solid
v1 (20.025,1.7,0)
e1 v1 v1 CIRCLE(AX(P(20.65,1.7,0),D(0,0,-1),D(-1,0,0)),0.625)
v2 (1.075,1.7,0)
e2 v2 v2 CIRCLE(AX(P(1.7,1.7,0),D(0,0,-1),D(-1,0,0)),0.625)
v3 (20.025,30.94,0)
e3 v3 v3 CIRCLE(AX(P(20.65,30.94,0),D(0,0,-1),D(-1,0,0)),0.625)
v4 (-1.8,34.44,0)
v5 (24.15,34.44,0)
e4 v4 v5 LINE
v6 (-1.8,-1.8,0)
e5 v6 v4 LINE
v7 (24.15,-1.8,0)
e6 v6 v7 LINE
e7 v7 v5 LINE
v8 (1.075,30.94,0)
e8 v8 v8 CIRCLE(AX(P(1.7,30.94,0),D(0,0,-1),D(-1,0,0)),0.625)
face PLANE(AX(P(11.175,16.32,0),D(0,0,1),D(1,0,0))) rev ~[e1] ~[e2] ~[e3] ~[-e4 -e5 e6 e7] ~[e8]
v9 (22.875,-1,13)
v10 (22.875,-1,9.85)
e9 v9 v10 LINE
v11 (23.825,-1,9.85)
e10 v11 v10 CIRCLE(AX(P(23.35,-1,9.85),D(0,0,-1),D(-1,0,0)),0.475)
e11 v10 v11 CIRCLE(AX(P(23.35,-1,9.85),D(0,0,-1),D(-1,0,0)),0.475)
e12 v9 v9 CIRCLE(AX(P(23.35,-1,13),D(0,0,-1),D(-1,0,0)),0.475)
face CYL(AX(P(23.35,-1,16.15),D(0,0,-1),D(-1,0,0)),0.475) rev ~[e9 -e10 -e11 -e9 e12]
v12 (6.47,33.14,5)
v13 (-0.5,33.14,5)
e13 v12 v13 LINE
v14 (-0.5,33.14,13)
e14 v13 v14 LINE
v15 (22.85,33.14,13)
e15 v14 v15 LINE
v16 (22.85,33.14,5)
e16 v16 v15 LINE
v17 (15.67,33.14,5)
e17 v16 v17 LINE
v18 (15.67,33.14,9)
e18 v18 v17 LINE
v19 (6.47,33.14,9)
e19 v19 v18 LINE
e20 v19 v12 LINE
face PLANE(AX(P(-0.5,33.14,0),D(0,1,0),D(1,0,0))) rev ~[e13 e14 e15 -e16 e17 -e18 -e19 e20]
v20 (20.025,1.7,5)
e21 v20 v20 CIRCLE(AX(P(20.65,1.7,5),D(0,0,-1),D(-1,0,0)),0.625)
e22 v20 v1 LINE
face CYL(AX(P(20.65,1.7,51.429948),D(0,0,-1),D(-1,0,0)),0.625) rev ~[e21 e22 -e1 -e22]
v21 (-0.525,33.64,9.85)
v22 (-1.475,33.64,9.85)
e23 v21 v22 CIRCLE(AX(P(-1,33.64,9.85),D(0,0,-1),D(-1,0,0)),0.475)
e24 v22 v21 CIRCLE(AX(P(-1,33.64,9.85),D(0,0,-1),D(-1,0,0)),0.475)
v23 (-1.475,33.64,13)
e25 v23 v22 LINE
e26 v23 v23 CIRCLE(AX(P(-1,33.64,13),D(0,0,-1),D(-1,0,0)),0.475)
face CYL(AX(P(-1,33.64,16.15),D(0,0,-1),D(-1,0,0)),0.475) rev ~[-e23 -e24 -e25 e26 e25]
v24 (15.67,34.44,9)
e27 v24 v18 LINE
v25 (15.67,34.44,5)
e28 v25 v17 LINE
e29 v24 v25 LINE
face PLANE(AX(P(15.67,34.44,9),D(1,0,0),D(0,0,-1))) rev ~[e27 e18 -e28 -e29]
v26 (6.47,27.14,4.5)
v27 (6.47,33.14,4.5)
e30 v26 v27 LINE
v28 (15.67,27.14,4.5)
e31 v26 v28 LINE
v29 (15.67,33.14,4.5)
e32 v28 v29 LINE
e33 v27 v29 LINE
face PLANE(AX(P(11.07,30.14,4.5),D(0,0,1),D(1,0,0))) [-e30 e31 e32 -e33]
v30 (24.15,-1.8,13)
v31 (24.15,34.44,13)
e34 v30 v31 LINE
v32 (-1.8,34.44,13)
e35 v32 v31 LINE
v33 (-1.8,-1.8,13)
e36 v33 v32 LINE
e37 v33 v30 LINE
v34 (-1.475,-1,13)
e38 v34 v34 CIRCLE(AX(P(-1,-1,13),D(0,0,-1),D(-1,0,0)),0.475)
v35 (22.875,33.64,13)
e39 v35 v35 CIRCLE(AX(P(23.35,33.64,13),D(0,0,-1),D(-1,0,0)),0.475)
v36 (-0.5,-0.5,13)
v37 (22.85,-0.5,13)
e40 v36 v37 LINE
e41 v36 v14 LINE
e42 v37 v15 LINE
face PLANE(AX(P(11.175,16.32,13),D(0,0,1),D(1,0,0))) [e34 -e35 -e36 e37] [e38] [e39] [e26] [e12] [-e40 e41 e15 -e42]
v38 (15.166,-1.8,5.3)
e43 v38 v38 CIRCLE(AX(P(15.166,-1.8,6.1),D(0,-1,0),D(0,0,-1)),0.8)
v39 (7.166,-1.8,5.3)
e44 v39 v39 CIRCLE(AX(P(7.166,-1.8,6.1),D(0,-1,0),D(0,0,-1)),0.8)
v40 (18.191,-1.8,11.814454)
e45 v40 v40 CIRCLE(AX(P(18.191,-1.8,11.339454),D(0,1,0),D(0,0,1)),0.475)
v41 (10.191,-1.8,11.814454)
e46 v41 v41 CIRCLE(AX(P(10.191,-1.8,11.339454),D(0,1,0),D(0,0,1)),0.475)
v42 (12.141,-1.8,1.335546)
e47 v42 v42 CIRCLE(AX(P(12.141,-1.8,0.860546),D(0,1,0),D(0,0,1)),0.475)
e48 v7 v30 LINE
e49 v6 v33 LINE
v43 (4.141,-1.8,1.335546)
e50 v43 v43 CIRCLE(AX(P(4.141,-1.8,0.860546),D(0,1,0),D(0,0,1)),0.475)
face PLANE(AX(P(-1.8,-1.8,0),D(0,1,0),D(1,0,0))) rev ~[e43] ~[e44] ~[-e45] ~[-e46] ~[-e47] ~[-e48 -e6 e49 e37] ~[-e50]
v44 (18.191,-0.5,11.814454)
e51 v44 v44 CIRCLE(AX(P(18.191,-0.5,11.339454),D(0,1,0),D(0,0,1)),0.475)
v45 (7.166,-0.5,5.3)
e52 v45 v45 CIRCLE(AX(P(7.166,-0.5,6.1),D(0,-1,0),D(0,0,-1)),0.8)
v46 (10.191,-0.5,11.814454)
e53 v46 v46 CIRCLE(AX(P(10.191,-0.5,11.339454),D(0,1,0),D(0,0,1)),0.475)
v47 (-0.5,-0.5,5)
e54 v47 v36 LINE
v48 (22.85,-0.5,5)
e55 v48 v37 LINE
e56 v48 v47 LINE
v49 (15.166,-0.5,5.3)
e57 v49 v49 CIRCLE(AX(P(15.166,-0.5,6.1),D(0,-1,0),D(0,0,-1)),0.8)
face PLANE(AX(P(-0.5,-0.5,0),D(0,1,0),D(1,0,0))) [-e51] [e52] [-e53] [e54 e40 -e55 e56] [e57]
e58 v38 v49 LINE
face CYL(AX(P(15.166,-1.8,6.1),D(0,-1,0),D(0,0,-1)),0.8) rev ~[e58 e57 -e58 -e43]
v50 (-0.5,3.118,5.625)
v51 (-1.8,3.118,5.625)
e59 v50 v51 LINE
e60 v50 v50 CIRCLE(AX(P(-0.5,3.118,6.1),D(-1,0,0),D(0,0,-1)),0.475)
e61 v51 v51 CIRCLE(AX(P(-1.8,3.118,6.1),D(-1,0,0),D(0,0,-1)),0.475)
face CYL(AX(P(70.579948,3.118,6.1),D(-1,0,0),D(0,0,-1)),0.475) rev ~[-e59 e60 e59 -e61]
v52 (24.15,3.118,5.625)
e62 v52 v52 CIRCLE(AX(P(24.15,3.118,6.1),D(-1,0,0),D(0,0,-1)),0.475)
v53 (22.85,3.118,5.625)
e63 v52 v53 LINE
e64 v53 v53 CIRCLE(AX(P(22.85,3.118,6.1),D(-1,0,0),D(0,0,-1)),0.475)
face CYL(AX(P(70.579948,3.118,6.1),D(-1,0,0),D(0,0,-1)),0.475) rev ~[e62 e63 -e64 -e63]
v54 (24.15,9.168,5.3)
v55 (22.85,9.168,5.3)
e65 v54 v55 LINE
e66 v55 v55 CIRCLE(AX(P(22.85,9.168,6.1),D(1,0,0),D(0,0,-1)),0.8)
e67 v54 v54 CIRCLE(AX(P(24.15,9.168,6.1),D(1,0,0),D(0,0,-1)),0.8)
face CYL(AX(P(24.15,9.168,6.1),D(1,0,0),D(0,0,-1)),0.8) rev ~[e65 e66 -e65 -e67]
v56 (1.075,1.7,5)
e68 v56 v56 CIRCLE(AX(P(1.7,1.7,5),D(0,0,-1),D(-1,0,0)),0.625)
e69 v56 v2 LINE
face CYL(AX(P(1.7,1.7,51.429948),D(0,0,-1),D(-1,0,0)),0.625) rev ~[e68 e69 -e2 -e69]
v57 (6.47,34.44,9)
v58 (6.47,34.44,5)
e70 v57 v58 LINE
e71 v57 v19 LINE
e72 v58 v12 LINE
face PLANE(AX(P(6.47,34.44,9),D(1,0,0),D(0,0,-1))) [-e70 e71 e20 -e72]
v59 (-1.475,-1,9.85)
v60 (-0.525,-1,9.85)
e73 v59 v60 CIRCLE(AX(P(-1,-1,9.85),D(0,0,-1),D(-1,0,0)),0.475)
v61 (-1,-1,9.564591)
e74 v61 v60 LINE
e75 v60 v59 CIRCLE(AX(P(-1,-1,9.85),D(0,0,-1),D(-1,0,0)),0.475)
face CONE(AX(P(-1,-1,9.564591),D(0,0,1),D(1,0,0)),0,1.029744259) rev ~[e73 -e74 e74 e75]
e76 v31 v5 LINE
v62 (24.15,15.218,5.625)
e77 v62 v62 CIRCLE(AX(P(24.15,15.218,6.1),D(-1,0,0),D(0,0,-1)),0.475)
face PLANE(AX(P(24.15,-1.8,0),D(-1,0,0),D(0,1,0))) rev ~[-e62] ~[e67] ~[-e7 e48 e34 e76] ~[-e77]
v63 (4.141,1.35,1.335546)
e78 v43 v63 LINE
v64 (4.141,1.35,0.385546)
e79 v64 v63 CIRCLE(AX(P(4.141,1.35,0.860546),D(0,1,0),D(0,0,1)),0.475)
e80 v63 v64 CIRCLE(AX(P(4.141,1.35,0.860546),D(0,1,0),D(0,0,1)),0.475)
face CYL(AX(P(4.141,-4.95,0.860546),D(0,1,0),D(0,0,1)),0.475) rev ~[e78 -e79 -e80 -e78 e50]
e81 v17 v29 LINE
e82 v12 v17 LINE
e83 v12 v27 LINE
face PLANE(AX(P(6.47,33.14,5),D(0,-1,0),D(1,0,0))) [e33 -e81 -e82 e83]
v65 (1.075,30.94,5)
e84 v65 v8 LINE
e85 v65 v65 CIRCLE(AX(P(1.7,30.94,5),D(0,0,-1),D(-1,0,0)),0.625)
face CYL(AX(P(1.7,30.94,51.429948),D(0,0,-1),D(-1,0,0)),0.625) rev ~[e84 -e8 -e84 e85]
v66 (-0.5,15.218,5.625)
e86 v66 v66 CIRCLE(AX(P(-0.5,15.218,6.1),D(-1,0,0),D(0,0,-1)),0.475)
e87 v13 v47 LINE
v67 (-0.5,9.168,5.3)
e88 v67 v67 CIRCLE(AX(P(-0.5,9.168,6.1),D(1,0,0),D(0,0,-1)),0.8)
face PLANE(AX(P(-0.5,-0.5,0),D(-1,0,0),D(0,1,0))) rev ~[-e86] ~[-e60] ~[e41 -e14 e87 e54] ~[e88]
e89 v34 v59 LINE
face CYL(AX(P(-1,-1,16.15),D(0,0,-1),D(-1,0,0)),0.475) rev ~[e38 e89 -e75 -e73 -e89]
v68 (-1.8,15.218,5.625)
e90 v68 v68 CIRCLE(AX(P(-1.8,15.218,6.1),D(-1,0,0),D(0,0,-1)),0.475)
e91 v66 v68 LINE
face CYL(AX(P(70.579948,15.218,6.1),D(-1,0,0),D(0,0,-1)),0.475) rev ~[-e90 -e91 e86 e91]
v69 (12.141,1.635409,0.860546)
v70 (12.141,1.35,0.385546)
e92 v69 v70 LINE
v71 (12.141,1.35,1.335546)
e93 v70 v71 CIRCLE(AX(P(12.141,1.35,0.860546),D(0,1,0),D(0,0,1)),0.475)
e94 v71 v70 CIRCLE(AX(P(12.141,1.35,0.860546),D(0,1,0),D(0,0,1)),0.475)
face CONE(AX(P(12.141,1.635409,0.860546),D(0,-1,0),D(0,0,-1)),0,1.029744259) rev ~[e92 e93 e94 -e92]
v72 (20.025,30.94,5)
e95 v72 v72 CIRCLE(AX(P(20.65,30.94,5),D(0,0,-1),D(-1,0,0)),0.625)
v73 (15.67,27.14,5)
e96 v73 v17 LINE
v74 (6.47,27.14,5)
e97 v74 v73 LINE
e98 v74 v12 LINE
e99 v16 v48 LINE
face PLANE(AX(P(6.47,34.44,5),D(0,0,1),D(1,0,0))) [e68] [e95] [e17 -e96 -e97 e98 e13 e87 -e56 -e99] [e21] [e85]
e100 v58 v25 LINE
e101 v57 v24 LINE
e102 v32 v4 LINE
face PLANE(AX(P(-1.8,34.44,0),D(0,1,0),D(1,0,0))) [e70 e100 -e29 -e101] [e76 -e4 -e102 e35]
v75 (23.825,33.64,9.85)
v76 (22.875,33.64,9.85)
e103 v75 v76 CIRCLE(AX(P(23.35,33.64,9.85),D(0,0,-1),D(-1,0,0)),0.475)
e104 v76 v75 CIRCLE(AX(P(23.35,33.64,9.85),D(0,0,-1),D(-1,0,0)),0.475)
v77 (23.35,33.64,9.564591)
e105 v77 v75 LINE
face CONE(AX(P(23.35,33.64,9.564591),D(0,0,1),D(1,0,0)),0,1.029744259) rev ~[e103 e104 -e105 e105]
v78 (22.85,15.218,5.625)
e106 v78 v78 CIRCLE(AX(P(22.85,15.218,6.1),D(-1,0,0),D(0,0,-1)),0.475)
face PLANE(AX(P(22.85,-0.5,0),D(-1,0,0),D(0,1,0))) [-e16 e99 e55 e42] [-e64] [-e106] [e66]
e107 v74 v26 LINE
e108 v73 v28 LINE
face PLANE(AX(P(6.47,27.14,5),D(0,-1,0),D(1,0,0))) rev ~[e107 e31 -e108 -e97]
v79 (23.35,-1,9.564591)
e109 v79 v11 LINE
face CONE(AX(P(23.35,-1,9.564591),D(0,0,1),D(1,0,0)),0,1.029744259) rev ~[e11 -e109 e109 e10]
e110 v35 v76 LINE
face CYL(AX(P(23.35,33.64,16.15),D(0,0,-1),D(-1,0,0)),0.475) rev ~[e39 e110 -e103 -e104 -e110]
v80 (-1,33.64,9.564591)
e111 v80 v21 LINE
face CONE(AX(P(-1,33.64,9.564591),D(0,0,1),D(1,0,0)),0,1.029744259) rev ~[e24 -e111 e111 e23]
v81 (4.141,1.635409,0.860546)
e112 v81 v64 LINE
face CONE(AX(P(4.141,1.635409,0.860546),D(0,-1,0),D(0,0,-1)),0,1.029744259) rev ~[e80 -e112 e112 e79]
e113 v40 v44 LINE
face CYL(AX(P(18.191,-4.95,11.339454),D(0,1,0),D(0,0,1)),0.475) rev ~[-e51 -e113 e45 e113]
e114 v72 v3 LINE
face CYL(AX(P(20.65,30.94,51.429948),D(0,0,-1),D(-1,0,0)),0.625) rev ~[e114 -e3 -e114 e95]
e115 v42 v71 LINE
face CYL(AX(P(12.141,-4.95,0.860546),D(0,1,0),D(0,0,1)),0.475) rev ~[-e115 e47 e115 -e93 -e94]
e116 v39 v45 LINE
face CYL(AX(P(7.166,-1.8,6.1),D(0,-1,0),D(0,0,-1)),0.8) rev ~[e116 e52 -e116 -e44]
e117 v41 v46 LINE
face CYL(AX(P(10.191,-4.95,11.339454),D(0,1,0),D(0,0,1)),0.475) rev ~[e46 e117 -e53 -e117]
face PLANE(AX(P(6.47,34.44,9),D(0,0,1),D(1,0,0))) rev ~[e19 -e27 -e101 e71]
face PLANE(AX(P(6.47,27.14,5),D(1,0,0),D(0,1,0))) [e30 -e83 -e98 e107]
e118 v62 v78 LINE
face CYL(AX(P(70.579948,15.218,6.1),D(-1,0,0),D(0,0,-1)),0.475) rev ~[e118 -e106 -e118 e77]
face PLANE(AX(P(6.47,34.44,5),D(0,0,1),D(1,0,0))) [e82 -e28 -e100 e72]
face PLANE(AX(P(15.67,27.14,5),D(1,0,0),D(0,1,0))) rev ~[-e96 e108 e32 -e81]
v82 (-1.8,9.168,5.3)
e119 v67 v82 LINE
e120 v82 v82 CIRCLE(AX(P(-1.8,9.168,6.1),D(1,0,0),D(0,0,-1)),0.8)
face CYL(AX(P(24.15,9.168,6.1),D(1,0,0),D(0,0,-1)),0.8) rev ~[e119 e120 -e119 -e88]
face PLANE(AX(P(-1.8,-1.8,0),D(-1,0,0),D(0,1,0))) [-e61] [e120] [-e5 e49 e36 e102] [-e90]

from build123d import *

# Parameters (mm, degrees)
SKETCH_1_W           = 25.95
SKETCH_1_H           = 36.24
EXTRUDE_4_DEPTH      = 5
SKETCH_1_4_W         = 25.95
SKETCH_1_4_H         = 36.24
SKETCH_1_4_W_2       = 23.35
SKETCH_1_4_H_2       = 33.64
EXTRUDE_6_DEPTH      = 13
SKETCH_2_W           = 9.2
SKETCH_2_H           = 4
CUT_EXTRUDE_1_DEPTH  = 2
HOLE_WIZARD_M1_6_1_D = 1.25
SKETCH_5_W           = 9.2
SKETCH_5_H           = 6
CUT_EXTRUDE_2_DEPTH  = 0.5
SKETCH_6_R           = 0.8
CUT_EXTRUDE_3_DEPTH  = 46.039050834
M1_2X0_25_1_D        = 0.95
SKETCH_9_R           = 0.8
CUT_EXTRUDE_4_DEPTH  = 2
M1_2X0_25_2_D        = 0.95
M1_2X0_25_2_DEPTH    = 3.15
M1_2X0_25_2_TIP      = 0.285408794
M1_2X0_25_3_D        = 0.95
M1_2X0_25_3_DEPTH    = 3.15
M1_2X0_25_3_TIP      = 0.285408794


with BuildPart() as part:
    # 草图1 → 凸台-拉伸4 (new body)
    with BuildSketch(Plane.XY):
        with Locations((11.175, 16.32)):
            Rectangle(SKETCH_1_W, SKETCH_1_H)
    extrude(amount=EXTRUDE_4_DEPTH)

    # 草图1<4> → 凸台-拉伸6 (add)
    with BuildSketch(Plane.XY):
        with Locations((11.175, 16.32)):
            Rectangle(SKETCH_1_4_W, SKETCH_1_4_H)
        with Locations((11.175, 16.32)):
            Rectangle(SKETCH_1_4_W_2, SKETCH_1_4_H_2, mode=Mode.SUBTRACT)
    extrude(amount=EXTRUDE_6_DEPTH)

    # 草图2 → 切除-拉伸1 (cut)
    with BuildSketch(Plane(origin=(0, 34.44, 0), x_dir=(1, 0, 0), z_dir=(0, 1, 0))):
        with Locations((11.07, -7)):
            Rectangle(SKETCH_2_W, SKETCH_2_H)
    extrude(amount=-CUT_EXTRUDE_1_DEPTH, mode=Mode.SUBTRACT)

    # M1.6 螺纹孔1 (through all)
    with Locations(Plane.XY.offset(5)):
        with Locations((1.7, 1.7), (20.65, 1.7), (20.65, 30.94), (1.7, 30.94)):
            Hole(HOLE_WIZARD_M1_6_1_D / 2)

    # 草图5 → 切除-拉伸2 (cut)
    with BuildSketch(Plane.XY.offset(5)):
        with Locations((11.07, 30.14)):
            Rectangle(SKETCH_5_W, SKETCH_5_H)
    extrude(amount=-CUT_EXTRUDE_2_DEPTH, mode=Mode.SUBTRACT)

    # 草图6 → 切除-拉伸3 (cut, through all)
    with BuildSketch(Plane(origin=(24.15, 0, 0), x_dir=(0, 0, -1), z_dir=(1, 0, 0))):
        with Locations((-6.1, 9.168)):
            Circle(SKETCH_6_R)
    extrude(amount=-CUT_EXTRUDE_3_DEPTH, mode=Mode.SUBTRACT)

    # M1.2x0.25 螺纹孔1 (through all)
    with Locations(Plane(origin=(24.15, 15.218, 6.1), x_dir=(0, 0, 1), z_dir=(1, 0, 0))):
        with Locations((0, 0), (0, 12.1)):
            Hole(M1_2X0_25_1_D / 2)

    # 草图9 → 切除-拉伸4 (cut)
    with BuildSketch(Plane.XZ.offset(1.8)):
        with Locations((7.166, 6.1)):
            Circle(SKETCH_9_R)
        with Locations((15.166, 6.1)):
            Circle(SKETCH_9_R)
    extrude(amount=-CUT_EXTRUDE_4_DEPTH, mode=Mode.SUBTRACT)

    # M1.2x0.25 螺纹孔2
    with Locations(Plane(origin=(4.141, -1.8, 0.860546307), x_dir=(0, 0, -1), z_dir=(0, -1, 0))):
        with Locations((0, 0), (-10.478907386, 6.05), (0, 8), (-10.478907386, 14.05)):
            Hole(M1_2X0_25_2_D / 2, depth=M1_2X0_25_2_DEPTH)
            with Locations((0, 0, -(M1_2X0_25_2_DEPTH + M1_2X0_25_2_TIP / 2))):  # 118° drill point
                Cone(0, M1_2X0_25_2_D / 2, M1_2X0_25_2_TIP, mode=Mode.SUBTRACT)

    # M1.2x0.25 螺纹孔3
    with Locations(Plane(origin=(-1, 33.64, 13), x_dir=(1, 0, 0), z_dir=(0, 0, 1))):
        with Locations((0, 0), (24.35, 0), (0, -34.64), (24.35, -34.64)):
            Hole(M1_2X0_25_3_D / 2, depth=M1_2X0_25_3_DEPTH)
            with Locations((0, 0, -(M1_2X0_25_3_DEPTH + M1_2X0_25_3_TIP / 2))):  # 118° drill point
                Cone(0, M1_2X0_25_3_D / 2, M1_2X0_25_3_TIP, mode=Mode.SUBTRACT)


solid = part.part
